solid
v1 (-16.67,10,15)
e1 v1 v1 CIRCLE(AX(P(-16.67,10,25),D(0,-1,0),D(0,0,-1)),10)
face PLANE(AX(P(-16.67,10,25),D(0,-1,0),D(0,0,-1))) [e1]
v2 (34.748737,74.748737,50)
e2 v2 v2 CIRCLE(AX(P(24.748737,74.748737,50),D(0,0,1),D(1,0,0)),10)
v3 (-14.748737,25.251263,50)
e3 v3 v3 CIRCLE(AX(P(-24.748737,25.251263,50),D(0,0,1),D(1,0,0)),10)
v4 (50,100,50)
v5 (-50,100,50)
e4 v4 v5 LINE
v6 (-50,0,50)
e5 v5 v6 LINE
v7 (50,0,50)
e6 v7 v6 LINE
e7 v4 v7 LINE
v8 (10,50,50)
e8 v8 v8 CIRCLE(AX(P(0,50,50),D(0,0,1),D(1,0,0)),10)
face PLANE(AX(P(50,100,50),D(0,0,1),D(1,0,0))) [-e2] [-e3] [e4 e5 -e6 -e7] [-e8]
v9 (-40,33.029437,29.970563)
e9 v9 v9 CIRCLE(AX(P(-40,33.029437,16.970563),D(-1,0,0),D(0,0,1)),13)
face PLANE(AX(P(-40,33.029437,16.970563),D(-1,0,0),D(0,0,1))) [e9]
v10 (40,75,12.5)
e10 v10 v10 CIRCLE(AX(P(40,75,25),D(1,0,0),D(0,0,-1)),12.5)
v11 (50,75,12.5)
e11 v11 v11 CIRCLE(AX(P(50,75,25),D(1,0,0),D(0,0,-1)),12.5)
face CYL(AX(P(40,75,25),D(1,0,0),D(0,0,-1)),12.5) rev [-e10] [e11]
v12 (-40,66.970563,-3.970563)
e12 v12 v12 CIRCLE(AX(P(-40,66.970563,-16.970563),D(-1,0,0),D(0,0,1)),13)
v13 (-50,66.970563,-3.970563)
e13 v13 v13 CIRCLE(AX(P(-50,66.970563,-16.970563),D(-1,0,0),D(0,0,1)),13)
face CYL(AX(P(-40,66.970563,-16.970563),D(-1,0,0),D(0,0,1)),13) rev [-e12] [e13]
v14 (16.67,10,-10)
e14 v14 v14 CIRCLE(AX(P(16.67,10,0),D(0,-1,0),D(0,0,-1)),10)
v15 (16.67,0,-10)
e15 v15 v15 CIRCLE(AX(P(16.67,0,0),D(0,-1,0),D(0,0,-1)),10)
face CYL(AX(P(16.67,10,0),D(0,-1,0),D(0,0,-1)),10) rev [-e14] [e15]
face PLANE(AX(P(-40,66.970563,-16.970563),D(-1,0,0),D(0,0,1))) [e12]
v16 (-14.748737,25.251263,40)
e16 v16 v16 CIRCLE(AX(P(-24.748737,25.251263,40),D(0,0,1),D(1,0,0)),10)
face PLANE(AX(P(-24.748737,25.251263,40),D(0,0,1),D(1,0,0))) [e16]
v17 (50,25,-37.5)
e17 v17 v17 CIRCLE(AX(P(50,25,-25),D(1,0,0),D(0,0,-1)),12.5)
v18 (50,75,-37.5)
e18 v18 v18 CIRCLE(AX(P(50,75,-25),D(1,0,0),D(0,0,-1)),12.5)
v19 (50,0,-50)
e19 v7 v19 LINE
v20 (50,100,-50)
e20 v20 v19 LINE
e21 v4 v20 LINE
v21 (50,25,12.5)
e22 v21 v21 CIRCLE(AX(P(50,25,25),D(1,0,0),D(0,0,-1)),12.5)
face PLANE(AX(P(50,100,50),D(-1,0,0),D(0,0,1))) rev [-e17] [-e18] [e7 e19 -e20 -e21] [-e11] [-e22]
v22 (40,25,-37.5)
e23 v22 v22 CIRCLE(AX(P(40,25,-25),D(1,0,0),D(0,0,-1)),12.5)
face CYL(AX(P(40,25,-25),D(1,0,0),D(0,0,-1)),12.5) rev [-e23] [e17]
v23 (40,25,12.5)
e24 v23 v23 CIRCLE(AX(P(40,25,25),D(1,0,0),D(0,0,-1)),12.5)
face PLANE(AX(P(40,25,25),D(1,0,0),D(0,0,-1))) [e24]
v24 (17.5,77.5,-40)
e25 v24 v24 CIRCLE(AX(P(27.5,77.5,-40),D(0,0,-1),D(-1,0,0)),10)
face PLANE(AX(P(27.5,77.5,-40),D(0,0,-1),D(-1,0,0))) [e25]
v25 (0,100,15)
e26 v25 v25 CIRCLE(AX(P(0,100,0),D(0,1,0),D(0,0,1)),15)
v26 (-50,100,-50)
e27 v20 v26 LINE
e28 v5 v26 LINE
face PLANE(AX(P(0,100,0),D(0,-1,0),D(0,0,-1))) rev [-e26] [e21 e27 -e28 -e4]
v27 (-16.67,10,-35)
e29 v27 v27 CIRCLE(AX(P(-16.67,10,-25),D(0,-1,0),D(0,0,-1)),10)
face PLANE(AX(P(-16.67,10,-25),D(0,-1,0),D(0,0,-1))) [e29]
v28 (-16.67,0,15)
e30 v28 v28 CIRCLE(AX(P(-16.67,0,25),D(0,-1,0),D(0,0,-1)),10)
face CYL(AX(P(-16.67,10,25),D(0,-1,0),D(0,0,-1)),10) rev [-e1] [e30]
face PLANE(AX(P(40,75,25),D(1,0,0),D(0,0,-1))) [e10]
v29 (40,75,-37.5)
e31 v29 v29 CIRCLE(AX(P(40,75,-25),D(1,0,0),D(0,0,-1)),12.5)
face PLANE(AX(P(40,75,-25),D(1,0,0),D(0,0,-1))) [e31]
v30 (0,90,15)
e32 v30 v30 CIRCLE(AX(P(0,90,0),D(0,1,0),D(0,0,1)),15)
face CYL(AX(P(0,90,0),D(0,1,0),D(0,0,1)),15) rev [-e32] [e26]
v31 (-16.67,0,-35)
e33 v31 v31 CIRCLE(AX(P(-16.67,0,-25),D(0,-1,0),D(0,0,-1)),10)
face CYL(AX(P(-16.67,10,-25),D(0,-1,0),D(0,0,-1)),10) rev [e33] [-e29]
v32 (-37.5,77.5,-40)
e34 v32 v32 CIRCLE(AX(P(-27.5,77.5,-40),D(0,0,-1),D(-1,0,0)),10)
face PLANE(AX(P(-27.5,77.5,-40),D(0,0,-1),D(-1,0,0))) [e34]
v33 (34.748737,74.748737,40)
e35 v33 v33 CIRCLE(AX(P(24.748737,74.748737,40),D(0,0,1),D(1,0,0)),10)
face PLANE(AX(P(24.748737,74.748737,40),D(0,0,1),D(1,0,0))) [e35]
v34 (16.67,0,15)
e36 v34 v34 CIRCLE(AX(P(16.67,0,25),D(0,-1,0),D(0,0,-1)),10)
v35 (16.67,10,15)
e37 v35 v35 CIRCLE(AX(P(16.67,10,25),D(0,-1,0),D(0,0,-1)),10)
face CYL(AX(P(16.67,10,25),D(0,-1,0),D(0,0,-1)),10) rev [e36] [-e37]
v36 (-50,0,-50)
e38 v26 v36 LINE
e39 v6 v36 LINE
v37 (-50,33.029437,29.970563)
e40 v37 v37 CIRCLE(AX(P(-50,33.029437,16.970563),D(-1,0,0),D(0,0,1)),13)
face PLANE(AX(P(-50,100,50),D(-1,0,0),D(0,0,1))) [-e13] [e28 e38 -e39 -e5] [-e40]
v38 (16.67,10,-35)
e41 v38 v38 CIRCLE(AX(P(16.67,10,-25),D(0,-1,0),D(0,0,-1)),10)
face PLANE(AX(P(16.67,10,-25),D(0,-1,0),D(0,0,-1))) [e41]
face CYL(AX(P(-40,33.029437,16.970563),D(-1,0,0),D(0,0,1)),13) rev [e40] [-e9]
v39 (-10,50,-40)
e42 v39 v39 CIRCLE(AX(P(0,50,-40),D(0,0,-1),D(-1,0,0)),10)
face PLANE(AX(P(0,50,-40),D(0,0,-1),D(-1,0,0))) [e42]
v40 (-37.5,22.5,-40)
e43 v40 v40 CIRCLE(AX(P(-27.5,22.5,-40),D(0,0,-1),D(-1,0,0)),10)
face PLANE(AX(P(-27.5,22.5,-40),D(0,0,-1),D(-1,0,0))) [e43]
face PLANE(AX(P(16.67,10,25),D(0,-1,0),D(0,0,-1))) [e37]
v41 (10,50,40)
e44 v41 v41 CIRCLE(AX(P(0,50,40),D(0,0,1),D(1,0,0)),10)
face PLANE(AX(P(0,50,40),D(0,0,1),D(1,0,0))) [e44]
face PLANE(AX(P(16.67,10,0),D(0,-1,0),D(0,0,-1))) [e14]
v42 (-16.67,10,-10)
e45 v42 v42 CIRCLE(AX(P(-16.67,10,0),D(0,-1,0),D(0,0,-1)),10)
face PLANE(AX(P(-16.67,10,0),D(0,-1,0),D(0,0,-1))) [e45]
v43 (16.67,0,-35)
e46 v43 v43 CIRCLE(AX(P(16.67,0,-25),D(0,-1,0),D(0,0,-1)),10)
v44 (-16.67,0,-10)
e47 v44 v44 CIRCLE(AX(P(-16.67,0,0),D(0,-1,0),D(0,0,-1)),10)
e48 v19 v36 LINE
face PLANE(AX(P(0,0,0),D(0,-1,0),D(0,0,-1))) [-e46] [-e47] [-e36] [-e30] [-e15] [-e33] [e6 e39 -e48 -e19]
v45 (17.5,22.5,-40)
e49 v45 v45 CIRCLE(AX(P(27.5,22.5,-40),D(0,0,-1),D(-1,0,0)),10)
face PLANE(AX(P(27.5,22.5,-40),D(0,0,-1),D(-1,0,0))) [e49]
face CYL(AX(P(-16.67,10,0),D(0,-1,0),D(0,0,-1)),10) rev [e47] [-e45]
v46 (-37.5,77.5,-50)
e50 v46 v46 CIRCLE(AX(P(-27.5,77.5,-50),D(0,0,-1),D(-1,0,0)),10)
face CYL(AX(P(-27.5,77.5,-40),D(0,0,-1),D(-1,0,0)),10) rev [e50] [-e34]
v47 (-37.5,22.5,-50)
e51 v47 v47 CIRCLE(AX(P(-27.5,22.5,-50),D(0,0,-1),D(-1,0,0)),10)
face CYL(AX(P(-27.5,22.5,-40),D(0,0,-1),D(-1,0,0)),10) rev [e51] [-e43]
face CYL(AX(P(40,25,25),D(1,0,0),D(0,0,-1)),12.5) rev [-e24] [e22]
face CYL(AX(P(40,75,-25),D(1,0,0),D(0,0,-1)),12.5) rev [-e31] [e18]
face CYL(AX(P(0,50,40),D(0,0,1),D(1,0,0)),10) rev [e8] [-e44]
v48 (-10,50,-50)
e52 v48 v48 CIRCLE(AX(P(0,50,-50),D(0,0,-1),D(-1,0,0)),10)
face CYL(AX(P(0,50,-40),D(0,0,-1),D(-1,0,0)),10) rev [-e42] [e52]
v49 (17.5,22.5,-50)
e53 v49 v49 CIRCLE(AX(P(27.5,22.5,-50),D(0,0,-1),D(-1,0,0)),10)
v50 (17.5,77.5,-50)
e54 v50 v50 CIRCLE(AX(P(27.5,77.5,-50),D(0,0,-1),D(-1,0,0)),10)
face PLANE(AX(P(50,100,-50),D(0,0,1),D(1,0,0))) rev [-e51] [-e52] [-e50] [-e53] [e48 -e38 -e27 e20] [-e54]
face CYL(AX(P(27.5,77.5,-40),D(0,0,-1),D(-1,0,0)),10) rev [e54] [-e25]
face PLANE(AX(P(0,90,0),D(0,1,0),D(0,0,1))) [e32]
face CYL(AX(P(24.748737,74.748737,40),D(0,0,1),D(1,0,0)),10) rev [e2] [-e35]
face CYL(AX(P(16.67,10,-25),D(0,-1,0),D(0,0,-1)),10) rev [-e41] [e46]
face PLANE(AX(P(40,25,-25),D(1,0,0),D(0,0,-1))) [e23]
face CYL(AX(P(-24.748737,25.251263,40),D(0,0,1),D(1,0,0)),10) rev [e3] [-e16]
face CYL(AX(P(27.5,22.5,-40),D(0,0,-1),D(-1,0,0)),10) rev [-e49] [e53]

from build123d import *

# Parameters (mm, degrees)
SKETCH1_W           = 100
SKETCH1_H           = 100
BOSS_EXTRUDE1_DEPTH = 100
SKETCH3_R           = 15
CUT_EXTRUDE1_DEPTH  = 10
SKETCH5_R           = 10
CUT_EXTRUDE2_DEPTH  = 10
SKETCH8_R           = 13
CUT_EXTRUDE3_DEPTH  = 10
SKETCH12_R          = 12.5
CUT_EXTRUDE4_DEPTH  = 10
CUT_EXTRUDE5_START  = -10
SKETCH13_R          = 10
CUT_EXTRUDE5_DEPTH  = 10
SKETCH14_R          = 10
CUT_EXTRUDE6_DEPTH  = 10


with BuildPart() as part:
    # Sketch1 → Boss-Extrude1 (new body)
    with BuildSketch(Plane(origin=(0, 0, 0), x_dir=(1, 0, 0), z_dir=(0, 1, 0))):
        Rectangle(SKETCH1_W, SKETCH1_H)
    extrude(amount=BOSS_EXTRUDE1_DEPTH)

    # Sketch3 → Cut-Extrude1 (cut)
    with BuildSketch(Plane(origin=(0, 100, 0), x_dir=(1, 0, 0), z_dir=(0, 1, 0))):
        with Locations(Location((0, 0, 0), (0, 0, 270))):
            Circle(SKETCH3_R)
    extrude(amount=-CUT_EXTRUDE1_DEPTH, mode=Mode.SUBTRACT)

    # Sketch5 → Cut-Extrude2 (cut)
    with BuildSketch(Plane.XY.offset(50)):
        with Locations((0, 50)):
            Circle(SKETCH5_R)
        with Locations((24.748737342, 74.748737342)):
            Circle(SKETCH5_R)
        with Locations((-24.748737342, 25.251262658)):
            Circle(SKETCH5_R)
    extrude(amount=-CUT_EXTRUDE2_DEPTH, mode=Mode.SUBTRACT)

    # Sketch8 → Cut-Extrude3 (cut)
    with BuildSketch(Plane.ZY.offset(50)):
        with Locations((-16.970562748, 66.970562748)):
            Circle(SKETCH8_R)
        with Locations((16.970562748, 33.029437252)):
            Circle(SKETCH8_R)
    extrude(amount=-CUT_EXTRUDE3_DEPTH, mode=Mode.SUBTRACT)

    # Sketch12 → Cut-Extrude4 (cut)
    with BuildSketch(Plane(origin=(50, 0, 0), x_dir=(0, 0, -1), z_dir=(1, 0, 0))):
        with Locations((-25, 75)):
            Circle(SKETCH12_R)
        with Locations((25, 75)):
            Circle(SKETCH12_R)
        with Locations((25, 25)):
            Circle(SKETCH12_R)
        with Locations((-25, 25)):
            Circle(SKETCH12_R)
    extrude(amount=-CUT_EXTRUDE4_DEPTH, mode=Mode.SUBTRACT)

    # Sketch13 → Cut-Extrude5 (cut)
    with BuildSketch(Plane(origin=(0, 0, -50), x_dir=(-1, 0, 0), z_dir=(0, 0, -1)).offset(CUT_EXTRUDE5_START)):
        with Locations(Location((0, 50, 0), (0, 0, 180))):
            Circle(SKETCH13_R)
        with Locations((-27.5, 77.5)):
            Circle(SKETCH13_R)
        with Locations((27.5, 77.5)):
            Circle(SKETCH13_R)
        with Locations((27.5, 22.5)):
            Circle(SKETCH13_R)
        with Locations((-27.5, 22.5)):
            Circle(SKETCH13_R)
    extrude(amount=CUT_EXTRUDE5_DEPTH, mode=Mode.SUBTRACT)

    # Sketch14 → Cut-Extrude6 (cut)
    with BuildSketch(Plane(origin=(0, 0, 0), x_dir=(-1, 0, 0), z_dir=(0, -1, 0))):
        with Locations(Location((-16.67, 0, 0), (0, 0, 90))):
            Circle(SKETCH14_R)
        with Locations(Location((16.67, 0, 0), (0, 0, 90))):
            Circle(SKETCH14_R)
        with Locations(Location((16.67, 25, 0), (0, 0, 90))):
            Circle(SKETCH14_R)
        with Locations(Location((-16.67, 25, 0), (0, 0, 90))):
            Circle(SKETCH14_R)
        with Locations(Location((-16.67, -25, 0), (0, 0, 90))):
            Circle(SKETCH14_R)
        with Locations(Location((16.67, -25, 0), (0, 0, 90))):
            Circle(SKETCH14_R)
    extrude(amount=-CUT_EXTRUDE6_DEPTH, mode=Mode.SUBTRACT)


solid = part.part
